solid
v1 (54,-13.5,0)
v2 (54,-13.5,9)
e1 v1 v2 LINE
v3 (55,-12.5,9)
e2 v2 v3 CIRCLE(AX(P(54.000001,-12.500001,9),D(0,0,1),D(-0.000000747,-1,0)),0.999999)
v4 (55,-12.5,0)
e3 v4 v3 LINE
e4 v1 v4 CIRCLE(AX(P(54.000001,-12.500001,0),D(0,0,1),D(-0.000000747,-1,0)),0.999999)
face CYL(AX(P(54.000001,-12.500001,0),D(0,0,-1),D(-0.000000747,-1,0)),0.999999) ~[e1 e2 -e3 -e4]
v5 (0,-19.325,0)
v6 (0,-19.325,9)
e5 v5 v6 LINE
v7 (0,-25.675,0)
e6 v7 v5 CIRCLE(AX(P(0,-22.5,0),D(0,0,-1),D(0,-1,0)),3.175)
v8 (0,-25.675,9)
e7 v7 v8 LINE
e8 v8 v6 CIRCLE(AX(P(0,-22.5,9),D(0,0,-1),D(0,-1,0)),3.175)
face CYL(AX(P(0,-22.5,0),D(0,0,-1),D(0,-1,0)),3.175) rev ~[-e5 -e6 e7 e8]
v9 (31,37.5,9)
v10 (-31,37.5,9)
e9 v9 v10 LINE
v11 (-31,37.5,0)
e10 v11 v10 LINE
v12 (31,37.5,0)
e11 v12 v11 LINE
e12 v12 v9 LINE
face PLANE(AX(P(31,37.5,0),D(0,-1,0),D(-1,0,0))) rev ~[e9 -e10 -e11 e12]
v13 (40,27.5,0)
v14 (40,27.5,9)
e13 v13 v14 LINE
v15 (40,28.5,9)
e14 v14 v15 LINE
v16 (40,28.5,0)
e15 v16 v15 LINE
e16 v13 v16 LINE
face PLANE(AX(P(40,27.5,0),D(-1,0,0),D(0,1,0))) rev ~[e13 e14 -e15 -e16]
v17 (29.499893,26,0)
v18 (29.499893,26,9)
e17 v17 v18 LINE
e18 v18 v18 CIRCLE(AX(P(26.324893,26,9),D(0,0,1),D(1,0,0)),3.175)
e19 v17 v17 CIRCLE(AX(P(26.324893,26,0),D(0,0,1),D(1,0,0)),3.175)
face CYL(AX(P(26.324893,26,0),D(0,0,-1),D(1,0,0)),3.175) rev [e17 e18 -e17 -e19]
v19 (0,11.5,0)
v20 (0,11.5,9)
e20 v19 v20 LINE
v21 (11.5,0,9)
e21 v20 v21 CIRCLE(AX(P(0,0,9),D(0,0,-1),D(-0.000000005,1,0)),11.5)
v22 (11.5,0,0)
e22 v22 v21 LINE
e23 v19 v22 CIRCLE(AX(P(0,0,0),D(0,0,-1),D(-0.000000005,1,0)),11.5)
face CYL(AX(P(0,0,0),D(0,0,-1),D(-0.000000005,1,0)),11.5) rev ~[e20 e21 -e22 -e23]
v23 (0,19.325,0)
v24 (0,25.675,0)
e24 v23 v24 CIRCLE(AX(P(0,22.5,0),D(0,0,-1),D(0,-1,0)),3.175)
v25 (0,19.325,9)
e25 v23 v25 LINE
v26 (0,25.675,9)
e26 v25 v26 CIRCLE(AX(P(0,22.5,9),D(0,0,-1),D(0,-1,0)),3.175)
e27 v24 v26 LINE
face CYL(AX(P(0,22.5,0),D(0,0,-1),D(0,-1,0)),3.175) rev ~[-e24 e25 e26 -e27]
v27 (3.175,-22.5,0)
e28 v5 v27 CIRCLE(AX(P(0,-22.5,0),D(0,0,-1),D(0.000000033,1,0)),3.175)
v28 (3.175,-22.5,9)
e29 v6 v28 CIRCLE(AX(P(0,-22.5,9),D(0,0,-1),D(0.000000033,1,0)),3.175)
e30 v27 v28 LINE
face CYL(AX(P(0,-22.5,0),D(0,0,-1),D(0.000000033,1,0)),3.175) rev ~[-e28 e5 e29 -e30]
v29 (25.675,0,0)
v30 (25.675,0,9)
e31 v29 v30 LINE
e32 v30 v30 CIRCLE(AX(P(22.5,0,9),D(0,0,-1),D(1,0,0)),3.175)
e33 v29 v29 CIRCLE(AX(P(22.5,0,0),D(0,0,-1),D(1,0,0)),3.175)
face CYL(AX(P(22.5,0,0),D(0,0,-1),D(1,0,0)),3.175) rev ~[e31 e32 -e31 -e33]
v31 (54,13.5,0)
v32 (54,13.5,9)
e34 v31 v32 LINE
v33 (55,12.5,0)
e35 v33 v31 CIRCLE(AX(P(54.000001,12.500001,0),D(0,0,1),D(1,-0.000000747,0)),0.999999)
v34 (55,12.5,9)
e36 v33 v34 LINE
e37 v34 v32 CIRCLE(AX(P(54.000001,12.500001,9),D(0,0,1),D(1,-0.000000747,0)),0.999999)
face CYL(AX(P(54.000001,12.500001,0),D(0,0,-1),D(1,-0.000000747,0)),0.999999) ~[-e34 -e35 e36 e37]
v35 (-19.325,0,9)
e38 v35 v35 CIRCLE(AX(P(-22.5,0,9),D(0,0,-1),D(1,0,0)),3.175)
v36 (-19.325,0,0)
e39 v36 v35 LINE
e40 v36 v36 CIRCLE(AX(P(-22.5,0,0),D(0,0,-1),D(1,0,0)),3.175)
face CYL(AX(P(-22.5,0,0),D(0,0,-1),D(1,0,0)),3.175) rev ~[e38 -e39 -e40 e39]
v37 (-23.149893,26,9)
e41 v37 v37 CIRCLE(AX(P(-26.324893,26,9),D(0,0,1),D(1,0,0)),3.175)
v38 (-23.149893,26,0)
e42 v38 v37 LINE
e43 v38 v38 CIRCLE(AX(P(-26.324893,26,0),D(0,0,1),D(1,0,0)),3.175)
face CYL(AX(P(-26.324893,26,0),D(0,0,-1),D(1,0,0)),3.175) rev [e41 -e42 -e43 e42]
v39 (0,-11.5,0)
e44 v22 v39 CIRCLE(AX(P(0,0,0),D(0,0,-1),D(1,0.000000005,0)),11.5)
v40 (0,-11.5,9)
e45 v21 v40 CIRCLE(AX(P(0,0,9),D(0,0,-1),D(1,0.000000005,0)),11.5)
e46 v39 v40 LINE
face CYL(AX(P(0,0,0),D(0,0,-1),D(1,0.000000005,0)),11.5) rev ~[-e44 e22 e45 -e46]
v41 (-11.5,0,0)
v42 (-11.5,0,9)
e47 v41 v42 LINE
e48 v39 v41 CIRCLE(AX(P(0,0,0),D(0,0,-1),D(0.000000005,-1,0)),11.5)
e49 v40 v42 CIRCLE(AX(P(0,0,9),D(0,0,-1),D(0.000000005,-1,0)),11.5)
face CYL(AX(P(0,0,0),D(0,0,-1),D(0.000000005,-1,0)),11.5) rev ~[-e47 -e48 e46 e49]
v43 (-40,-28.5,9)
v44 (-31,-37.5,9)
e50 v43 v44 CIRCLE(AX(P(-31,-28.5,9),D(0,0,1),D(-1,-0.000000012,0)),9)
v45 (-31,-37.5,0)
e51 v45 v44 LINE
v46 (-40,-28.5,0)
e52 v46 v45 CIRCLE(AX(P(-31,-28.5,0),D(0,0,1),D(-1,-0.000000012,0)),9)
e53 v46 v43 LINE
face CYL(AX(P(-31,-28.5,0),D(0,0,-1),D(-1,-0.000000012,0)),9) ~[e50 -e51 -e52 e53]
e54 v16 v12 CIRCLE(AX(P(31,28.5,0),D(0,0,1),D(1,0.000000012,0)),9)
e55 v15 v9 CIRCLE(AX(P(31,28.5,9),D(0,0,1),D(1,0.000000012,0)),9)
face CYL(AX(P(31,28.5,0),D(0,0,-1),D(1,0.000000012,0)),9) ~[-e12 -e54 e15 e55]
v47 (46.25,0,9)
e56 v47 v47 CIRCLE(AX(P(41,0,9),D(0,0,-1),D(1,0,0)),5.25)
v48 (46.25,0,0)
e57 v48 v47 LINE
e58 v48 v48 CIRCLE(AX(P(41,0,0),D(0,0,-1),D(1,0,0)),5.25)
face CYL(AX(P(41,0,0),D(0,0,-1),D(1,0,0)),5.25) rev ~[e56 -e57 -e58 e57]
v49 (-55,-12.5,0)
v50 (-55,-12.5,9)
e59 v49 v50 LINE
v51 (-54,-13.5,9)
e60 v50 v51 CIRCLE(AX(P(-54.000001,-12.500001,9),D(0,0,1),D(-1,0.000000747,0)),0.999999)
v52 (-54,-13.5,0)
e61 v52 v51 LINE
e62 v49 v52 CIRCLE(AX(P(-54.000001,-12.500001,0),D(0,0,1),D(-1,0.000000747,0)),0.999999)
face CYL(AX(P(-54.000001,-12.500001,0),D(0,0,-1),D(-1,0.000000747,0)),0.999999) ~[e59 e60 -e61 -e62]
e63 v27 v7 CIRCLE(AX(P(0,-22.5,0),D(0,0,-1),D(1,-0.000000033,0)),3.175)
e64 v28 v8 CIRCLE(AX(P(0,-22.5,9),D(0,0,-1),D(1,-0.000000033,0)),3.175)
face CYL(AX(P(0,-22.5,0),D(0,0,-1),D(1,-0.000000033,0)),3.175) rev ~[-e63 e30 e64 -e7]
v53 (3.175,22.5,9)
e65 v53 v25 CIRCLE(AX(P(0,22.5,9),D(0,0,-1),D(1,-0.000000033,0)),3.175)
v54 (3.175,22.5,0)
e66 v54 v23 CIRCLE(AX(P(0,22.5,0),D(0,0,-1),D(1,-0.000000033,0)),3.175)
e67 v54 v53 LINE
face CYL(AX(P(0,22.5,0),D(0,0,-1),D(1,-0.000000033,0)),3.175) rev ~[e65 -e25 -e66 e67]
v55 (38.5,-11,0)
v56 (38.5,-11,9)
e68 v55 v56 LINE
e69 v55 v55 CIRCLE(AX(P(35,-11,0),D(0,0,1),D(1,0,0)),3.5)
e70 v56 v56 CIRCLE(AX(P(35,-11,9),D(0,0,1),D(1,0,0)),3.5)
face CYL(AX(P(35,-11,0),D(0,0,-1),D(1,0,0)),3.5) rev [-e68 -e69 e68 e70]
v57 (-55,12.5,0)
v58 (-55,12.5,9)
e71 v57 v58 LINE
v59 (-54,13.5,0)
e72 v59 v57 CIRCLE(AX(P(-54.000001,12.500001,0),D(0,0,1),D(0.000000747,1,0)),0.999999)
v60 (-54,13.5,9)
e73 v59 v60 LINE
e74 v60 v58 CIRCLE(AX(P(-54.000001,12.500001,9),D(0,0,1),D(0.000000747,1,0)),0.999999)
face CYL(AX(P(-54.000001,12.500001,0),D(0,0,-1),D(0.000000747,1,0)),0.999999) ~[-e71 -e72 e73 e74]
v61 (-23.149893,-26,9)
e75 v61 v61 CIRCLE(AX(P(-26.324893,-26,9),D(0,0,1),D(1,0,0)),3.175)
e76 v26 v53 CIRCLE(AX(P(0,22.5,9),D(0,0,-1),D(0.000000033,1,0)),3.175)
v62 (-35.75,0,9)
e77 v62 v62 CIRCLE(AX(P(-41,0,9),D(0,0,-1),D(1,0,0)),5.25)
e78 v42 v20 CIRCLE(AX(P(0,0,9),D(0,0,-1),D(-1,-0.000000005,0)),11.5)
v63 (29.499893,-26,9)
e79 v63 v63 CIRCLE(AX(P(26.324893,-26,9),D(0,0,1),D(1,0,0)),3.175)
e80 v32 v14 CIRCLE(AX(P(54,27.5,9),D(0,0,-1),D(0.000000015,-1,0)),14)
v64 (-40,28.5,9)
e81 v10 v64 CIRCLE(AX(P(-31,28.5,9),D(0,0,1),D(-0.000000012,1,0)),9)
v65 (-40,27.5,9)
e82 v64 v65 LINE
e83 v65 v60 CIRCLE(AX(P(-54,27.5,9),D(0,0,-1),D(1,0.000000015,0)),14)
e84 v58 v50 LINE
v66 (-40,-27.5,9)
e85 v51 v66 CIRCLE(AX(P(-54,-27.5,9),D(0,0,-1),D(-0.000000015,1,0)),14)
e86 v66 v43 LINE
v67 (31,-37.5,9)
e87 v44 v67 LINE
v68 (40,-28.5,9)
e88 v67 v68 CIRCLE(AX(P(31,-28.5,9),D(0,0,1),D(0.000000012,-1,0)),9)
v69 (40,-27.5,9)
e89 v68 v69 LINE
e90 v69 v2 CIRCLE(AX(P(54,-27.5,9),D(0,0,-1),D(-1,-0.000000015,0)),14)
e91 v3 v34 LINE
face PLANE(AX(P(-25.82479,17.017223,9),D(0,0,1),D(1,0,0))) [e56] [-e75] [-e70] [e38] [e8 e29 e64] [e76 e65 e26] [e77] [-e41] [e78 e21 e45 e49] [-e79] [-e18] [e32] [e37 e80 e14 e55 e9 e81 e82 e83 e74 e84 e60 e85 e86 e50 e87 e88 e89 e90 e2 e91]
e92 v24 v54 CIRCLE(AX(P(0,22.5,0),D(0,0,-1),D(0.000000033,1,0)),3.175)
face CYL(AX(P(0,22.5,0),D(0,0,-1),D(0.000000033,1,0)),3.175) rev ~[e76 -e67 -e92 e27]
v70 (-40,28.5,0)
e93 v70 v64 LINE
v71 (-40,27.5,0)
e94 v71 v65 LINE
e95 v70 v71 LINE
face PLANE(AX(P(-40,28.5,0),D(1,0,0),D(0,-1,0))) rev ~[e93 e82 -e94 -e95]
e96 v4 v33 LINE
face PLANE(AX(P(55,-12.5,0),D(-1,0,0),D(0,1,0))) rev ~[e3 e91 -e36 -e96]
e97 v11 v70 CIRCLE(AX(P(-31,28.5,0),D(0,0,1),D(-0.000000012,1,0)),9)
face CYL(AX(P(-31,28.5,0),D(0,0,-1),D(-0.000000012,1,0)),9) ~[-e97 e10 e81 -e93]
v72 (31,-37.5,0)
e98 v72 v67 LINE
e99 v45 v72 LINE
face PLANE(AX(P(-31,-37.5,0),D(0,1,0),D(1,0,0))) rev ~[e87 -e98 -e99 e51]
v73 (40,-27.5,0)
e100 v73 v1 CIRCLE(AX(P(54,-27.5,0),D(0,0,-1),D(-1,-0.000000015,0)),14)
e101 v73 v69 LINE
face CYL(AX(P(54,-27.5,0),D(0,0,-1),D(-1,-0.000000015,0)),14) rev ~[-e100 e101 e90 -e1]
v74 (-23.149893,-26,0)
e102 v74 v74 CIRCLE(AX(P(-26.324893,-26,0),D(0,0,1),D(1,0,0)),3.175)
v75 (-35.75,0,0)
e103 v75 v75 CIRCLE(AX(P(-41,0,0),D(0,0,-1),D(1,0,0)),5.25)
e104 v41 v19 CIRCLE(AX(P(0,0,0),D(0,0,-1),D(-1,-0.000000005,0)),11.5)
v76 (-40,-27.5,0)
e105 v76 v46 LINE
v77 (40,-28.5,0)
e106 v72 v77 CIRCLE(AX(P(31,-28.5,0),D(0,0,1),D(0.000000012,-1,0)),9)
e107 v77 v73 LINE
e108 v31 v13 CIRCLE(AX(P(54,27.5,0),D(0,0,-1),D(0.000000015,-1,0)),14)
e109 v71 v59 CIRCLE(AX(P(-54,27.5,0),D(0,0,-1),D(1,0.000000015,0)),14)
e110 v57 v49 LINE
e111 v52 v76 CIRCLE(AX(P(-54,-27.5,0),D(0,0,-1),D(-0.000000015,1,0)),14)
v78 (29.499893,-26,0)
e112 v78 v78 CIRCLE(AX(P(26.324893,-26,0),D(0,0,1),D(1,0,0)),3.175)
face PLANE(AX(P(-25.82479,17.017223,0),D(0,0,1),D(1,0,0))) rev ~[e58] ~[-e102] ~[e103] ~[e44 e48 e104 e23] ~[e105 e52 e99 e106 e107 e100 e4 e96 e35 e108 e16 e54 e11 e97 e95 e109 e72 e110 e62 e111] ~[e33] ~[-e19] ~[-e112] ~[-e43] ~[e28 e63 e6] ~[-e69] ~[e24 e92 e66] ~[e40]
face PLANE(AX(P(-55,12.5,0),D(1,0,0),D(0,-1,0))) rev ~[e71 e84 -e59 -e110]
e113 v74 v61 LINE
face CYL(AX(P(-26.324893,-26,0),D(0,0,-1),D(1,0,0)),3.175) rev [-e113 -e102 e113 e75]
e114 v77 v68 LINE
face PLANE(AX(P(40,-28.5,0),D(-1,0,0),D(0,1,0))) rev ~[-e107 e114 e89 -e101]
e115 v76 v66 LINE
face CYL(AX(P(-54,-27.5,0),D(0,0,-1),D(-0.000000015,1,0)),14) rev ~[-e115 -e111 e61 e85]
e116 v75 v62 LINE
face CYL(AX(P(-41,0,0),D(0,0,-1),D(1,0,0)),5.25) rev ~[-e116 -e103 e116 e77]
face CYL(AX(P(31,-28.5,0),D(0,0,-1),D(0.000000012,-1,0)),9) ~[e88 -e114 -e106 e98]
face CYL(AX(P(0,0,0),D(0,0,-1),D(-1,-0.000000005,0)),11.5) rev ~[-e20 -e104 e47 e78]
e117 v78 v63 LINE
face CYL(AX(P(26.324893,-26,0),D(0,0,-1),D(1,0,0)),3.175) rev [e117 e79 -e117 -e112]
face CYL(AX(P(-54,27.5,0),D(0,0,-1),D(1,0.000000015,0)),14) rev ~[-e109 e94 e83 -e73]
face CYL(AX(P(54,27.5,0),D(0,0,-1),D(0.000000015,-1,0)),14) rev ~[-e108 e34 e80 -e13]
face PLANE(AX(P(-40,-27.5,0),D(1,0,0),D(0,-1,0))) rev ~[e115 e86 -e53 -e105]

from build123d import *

# Parameters (mm, degrees)
F0_R     = 3.175
F0_R_2   = 3.5
F1_DEPTH = 9


with BuildPart() as f1:
    # F0 (on Top) → F1 (new body)
    with BuildSketch(Plane.XY):
        with BuildLine():
            Line((0, 25.675), (0, 37.5))
            Line((0, 37.5), (-31, 37.5))
            ThreePointArc((-31, 37.5), (-37.363961, 34.863961), (-40, 28.5))
            Line((-40, 28.5), (-40, 27.5))
            ThreePointArc((-40, 27.5), (-44.100505, 17.600505), (-54, 13.5))
            ThreePointArc((-54, 13.5), (-54.707107, 13.207107), (-55, 12.5))
            Line((-55, 12.5), (-55, 0))
            Line((-55, 0), (-46.25, 0))
            ThreePointArc((-46.25, 0), (-41, 5.25), (-35.75, 0))
            Line((-35.75, 0), (-25.675, 0))
            ThreePointArc((-25.675, 0), (-22.5, 3.175), (-19.325, 0))
            Line((-19.325, 0), (-11.5, 0))
            ThreePointArc((-11.5, 0), (-8.131728, 8.131728), (0, 11.5))
            Line((0, 11.5), (0, 19.325))
            ThreePointArc((0, 19.325), (-3.175, 22.5), (0, 25.675))
        make_face()
        with Locations((-26.324893, 26)):
            Circle(F0_R, mode=Mode.SUBTRACT)
        with BuildLine():
            Line((31, 37.5), (0, 37.5))
            Line((0, 37.5), (0, 25.675))
            ThreePointArc((0, 25.675), (2.245064, 24.745064), (3.175, 22.5))
            ThreePointArc((3.175, 22.5), (2.245064, 20.254936), (0, 19.325))
            Line((0, 19.325), (0, 11.5))
            ThreePointArc((0, 11.5), (8.131728, 8.131728), (11.5, 0))
            Line((11.5, 0), (19.325, 0))
            ThreePointArc((19.325, 0), (22.5, 3.175), (25.675, 0))
            Line((25.675, 0), (35.75, 0))
            ThreePointArc((35.75, 0), (41, 5.25), (46.25, 0))
            Line((46.25, 0), (55, 0))
            Line((55, 0), (55, 12.5))
            ThreePointArc((55, 12.5), (54.707107, 13.207107), (54, 13.5))
            ThreePointArc((54, 13.5), (44.100505, 17.600505), (40, 27.5))
            Line((40, 27.5), (40, 28.5))
            ThreePointArc((40, 28.5), (37.363961, 34.863961), (31, 37.5))
        make_face()
        with Locations((26.324893, 26)):
            Circle(F0_R, mode=Mode.SUBTRACT)
        with BuildLine():
            Line((19.325, 0), (11.5, 0))
            ThreePointArc((11.5, 0), (8.131728, -8.131728), (0, -11.5))
            Line((0, -11.5), (0, -19.325))
            ThreePointArc((0, -19.325), (2.245064, -20.254936), (3.175, -22.5))
            ThreePointArc((3.175, -22.5), (2.245064, -24.745064), (0, -25.675))
            Line((0, -25.675), (0, -37.5))
            Line((0, -37.5), (31, -37.5))
            ThreePointArc((31, -37.5), (37.363961, -34.863961), (40, -28.5))
            Line((40, -28.5), (40, -27.5))
            ThreePointArc((40, -27.5), (44.100505, -17.600505), (54, -13.5))
            ThreePointArc((54, -13.5), (54.707107, -13.207107), (55, -12.5))
            Line((55, -12.5), (55, 0))
            Line((55, 0), (46.25, 0))
            ThreePointArc((46.25, 0), (41, -5.25), (35.75, 0))
            Line((35.75, 0), (25.675, 0))
            ThreePointArc((25.675, 0), (22.5, -3.175), (19.325, 0))
        make_face()
        with Locations((26.324893, -26)):
            Circle(F0_R, mode=Mode.SUBTRACT)
        with Locations((35, -11)):
            Circle(F0_R_2, mode=Mode.SUBTRACT)
        with BuildLine():
            ThreePointArc((0, -11.5), (-8.131728, -8.131728), (-11.5, 0))
            Line((-11.5, 0), (-19.325, 0))
            ThreePointArc((-19.325, 0), (-22.5, -3.175), (-25.675, 0))
            Line((-25.675, 0), (-35.75, 0))
            ThreePointArc((-35.75, 0), (-41, -5.25), (-46.25, 0))
            Line((-46.25, 0), (-55, 0))
            Line((-55, 0), (-55, -12.5))
            ThreePointArc((-55, -12.5), (-54.707107, -13.207107), (-54, -13.5))
            ThreePointArc((-54, -13.5), (-44.100505, -17.600505), (-40, -27.5))
            Line((-40, -27.5), (-40, -28.5))
            ThreePointArc((-40, -28.5), (-37.363961, -34.863961), (-31, -37.5))
            Line((-31, -37.5), (0, -37.5))
            Line((0, -37.5), (0, -25.675))
            ThreePointArc((0, -25.675), (-3.175, -22.5), (0, -19.325))
            Line((0, -19.325), (0, -11.5))
        make_face()
        with Locations((-26.324893, -26)):
            Circle(F0_R, mode=Mode.SUBTRACT)
    extrude(amount=F1_DEPTH)


solid = f1.part
